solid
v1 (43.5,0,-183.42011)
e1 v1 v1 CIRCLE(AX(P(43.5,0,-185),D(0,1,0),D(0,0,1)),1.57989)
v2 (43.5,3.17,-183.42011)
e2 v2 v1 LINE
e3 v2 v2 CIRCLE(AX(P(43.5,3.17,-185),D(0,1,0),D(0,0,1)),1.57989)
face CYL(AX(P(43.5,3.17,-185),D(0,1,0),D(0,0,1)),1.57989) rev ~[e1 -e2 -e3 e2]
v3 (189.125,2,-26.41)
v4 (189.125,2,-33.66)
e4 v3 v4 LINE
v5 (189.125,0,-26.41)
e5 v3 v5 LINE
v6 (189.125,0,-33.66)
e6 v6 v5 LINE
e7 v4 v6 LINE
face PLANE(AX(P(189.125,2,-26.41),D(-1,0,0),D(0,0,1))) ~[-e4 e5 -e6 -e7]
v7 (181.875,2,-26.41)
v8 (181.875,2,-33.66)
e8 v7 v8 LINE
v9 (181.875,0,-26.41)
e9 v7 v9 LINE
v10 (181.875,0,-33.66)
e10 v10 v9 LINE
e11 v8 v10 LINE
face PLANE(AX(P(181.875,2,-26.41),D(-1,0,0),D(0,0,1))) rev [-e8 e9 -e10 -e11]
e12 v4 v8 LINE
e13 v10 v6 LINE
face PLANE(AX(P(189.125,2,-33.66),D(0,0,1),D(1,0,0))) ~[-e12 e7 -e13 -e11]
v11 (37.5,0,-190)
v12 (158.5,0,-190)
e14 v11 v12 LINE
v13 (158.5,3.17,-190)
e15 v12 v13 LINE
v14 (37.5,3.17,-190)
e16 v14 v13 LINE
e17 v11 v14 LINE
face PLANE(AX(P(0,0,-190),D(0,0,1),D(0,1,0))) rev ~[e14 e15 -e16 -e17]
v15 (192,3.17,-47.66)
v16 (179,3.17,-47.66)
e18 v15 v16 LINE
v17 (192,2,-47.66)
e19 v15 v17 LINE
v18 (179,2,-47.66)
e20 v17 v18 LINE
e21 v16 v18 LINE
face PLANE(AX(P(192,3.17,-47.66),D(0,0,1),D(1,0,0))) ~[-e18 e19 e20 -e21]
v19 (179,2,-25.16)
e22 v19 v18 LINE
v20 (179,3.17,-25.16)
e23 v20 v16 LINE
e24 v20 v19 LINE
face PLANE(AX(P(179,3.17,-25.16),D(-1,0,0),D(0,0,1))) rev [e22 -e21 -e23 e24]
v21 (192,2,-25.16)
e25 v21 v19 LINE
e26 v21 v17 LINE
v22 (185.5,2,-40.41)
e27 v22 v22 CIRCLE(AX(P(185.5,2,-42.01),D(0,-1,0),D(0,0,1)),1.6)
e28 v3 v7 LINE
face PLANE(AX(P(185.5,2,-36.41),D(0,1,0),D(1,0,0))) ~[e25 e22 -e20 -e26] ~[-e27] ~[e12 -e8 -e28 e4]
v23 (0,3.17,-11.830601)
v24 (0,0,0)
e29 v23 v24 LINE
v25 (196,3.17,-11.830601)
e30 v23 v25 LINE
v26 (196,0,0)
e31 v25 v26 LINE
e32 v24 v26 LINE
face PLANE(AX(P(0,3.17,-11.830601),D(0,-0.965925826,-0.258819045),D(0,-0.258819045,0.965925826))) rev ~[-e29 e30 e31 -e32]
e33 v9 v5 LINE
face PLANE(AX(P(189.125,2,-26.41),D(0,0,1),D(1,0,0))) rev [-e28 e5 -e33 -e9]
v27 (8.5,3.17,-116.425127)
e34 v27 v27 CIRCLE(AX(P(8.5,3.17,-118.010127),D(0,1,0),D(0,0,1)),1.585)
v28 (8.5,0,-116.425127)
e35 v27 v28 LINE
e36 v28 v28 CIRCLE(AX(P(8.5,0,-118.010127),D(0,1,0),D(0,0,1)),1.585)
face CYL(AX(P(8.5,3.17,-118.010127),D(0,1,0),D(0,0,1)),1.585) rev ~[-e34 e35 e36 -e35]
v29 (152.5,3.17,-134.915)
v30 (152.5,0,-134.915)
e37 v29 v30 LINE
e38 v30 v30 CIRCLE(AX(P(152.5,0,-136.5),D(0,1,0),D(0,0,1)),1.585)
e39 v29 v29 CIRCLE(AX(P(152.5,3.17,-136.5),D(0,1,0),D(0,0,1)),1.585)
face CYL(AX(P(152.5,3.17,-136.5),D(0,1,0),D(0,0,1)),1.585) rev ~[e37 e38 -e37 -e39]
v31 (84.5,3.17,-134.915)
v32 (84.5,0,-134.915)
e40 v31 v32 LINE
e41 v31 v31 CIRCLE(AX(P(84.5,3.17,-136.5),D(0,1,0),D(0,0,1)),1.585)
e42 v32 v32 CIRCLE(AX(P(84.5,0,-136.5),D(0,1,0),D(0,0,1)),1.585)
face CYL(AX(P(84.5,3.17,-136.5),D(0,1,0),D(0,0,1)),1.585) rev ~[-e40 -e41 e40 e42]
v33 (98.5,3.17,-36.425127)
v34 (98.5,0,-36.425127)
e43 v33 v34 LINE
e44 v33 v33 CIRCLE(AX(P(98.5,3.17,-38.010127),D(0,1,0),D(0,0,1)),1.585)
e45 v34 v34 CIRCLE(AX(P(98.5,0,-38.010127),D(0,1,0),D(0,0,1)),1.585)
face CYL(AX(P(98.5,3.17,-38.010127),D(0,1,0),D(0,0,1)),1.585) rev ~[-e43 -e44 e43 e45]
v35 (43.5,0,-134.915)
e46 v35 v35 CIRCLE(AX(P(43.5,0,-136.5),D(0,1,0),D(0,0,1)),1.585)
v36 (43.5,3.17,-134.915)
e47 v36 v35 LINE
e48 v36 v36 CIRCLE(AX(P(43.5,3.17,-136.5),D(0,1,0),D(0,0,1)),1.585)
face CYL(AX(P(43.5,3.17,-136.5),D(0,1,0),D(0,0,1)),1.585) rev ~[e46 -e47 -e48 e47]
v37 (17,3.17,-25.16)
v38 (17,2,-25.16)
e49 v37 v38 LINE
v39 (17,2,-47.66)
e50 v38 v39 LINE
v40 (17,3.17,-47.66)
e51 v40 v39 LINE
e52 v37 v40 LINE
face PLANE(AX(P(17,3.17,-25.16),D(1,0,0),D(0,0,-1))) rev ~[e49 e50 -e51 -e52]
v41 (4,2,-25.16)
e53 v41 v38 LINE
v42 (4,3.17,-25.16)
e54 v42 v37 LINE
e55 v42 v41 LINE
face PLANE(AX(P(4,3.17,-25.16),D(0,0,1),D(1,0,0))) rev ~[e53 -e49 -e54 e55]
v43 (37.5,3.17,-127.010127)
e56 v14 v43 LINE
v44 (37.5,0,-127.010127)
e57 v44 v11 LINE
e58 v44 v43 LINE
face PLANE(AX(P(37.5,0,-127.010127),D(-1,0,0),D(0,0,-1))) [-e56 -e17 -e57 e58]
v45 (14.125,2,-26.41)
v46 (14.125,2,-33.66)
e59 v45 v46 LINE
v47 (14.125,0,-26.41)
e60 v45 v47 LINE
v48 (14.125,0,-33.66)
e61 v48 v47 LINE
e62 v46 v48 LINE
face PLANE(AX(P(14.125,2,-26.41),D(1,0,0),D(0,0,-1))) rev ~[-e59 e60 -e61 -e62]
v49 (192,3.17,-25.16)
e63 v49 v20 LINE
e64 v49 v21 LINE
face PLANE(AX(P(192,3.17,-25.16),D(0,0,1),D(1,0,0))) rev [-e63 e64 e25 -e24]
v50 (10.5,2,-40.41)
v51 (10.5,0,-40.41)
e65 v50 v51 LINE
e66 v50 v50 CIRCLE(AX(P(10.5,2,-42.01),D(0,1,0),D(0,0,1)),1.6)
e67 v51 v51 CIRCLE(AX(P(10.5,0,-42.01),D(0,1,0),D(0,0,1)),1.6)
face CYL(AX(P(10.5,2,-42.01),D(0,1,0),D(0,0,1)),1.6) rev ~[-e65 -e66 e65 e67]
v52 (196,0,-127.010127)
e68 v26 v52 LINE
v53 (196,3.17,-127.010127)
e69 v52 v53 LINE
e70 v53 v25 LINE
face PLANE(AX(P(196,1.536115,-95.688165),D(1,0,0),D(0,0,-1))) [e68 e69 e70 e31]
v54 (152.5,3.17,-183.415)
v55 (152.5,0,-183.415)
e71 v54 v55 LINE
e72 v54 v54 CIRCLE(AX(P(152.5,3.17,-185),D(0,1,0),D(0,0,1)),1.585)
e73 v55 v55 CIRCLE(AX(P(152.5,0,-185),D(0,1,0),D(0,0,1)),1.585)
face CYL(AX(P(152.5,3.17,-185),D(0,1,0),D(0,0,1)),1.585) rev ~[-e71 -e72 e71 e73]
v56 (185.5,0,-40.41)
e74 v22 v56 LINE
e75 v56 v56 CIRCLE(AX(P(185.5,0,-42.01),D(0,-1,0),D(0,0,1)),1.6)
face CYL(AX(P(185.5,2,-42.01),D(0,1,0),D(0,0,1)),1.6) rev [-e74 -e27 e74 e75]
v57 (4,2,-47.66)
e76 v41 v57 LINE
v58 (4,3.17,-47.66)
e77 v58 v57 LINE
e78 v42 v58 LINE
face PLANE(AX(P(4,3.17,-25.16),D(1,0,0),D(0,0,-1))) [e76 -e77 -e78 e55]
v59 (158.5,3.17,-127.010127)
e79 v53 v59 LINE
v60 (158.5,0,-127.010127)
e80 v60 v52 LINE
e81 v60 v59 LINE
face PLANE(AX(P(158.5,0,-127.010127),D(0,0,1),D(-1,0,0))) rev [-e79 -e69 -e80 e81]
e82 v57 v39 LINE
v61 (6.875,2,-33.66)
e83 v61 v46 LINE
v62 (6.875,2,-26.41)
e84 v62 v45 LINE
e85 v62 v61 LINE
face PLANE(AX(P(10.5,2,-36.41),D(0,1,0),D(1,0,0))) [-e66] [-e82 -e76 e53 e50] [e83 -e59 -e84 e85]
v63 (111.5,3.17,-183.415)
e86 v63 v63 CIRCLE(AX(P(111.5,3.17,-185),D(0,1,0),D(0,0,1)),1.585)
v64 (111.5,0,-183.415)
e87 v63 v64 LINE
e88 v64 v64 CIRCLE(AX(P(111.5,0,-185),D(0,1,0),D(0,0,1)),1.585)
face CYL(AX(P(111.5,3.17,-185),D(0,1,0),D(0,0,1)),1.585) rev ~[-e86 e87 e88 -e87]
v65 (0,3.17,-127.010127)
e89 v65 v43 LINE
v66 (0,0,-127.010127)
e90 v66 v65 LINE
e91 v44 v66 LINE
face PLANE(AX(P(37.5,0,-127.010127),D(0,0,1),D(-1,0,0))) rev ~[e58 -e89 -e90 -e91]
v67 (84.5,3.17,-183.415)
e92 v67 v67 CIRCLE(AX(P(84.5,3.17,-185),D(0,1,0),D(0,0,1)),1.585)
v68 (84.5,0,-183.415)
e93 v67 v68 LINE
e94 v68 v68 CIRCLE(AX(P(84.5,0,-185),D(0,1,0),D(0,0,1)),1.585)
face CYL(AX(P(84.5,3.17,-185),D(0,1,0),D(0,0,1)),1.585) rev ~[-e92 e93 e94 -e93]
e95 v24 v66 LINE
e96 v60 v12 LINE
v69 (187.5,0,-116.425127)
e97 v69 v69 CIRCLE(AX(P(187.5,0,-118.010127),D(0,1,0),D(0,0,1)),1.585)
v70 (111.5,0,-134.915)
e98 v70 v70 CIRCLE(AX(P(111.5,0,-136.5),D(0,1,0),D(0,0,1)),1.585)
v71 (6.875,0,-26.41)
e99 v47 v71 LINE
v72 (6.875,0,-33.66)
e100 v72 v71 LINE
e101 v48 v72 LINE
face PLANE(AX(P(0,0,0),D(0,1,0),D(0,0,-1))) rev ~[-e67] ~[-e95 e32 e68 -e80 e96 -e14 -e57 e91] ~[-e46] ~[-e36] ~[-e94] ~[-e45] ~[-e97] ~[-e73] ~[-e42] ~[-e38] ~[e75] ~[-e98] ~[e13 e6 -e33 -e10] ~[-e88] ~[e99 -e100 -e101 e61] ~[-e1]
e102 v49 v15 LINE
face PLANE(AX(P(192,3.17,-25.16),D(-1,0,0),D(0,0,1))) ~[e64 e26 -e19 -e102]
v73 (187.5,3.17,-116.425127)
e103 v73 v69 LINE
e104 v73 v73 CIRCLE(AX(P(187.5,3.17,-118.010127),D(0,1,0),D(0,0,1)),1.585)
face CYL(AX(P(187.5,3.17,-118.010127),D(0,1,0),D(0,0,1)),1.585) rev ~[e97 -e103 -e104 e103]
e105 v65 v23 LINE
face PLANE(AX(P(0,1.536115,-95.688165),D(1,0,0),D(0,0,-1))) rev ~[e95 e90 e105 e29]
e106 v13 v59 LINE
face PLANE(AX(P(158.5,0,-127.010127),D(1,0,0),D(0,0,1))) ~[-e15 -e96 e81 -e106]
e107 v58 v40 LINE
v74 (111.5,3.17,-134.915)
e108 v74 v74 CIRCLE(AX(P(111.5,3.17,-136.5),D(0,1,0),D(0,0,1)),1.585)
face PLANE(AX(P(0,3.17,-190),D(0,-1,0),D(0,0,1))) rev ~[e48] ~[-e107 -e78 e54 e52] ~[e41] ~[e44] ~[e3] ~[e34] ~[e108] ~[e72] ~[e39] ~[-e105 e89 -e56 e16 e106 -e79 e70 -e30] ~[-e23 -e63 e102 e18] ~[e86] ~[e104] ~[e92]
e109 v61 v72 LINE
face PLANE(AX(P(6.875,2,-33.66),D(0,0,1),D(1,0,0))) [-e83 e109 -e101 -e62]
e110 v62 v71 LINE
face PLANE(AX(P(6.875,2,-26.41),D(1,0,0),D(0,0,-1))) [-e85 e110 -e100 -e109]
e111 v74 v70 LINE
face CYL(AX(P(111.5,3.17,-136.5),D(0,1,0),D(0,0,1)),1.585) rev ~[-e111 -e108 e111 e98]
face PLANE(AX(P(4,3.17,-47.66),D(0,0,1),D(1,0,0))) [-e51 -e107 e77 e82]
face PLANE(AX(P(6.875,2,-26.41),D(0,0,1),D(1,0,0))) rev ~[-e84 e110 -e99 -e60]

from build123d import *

# Parameters (mm, degrees)
SALIENTE_EXTRUIR1_DEPTH = 196
CORTAR_EXTRUIR1_REACH   = 274.995
CROQUIS2_W              = 37.5
CROQUIS2_H              = 62.989872981
CROQUIS3_W              = 13
CROQUIS3_H              = 22.5
CORTAR_EXTRUIR2_DEPTH   = 1.17
CORTAR_EXTRUIR3_REACH   = 274.984
CROQUIS5_W              = 7.25
CROQUIS5_H              = 7.25
CORTAR_EXTRUIR4_REACH   = 274.984
CROQUIS6_R              = 1.6
CUT_EXTRUDE1_REACH      = 274.995
SKETCH1_R               = 1.585
CUT_EXTRUDE2_REACH      = 274.995
SKETCH2_R               = 1.585
CUT_EXTRUDE3_REACH      = 274.995
SKETCH3_R               = 1.579889923
SKETCH3_R_2             = 1.585


with BuildPart() as part:
    # Croquis1 → Saliente-Extruir1 (new body)
    with BuildSketch(Plane(origin=(0, 0, 0), x_dir=(0, 0, -1), z_dir=(1, 0, 0))):
        Polygon((0, 0), (190, 0), (190, 3.17), (11.83060106, 3.17), align=None)
    extrude(amount=SALIENTE_EXTRUIR1_DEPTH)

    # Croquis2 → Cortar-Extruir1 (cut, up to next)
    with BuildSketch(Plane(origin=(0, 0, 0), x_dir=(-1, 0, 0), z_dir=(0, -1, 0)), mode=Mode.PRIVATE) as cortar_extruir1_sk1:
        with Locations((-18.75, 158.50506351)):
            Rectangle(CROQUIS2_W, CROQUIS2_H)
    cortar_extruir1_tool1 = extrude(cortar_extruir1_sk1.sketch, amount=-CORTAR_EXTRUIR1_REACH, mode=Mode.PRIVATE) & part.part
    cortar_extruir1 = cortar_extruir1_tool1.solids().sort_by_distance((18.75, 0, -158.505064))[0]
    add(cortar_extruir1, mode=Mode.SUBTRACT)

    # Simetría1: Cortar-Extruir1 across plane
    add(cortar_extruir1.mirror(Plane.ZY.offset(-98)), mode=Mode.SUBTRACT)

    # Croquis3 → Cortar-Extruir2 (cut)
    with BuildSketch(Plane(origin=(0, 3.17, 0), x_dir=(1, 0, 0), z_dir=(0, 1, 0))):
        with Locations((10.5, 36.41)):
            Rectangle(CROQUIS3_W, CROQUIS3_H)
    cortar_extruir2 = extrude(amount=-CORTAR_EXTRUIR2_DEPTH, mode=Mode.SUBTRACT)

    # Croquis5 → Cortar-Extruir3 (cut, up to next)
    with BuildSketch(Plane(origin=(0, 2, 0), x_dir=(1, 0, 0), z_dir=(0, 1, 0)), mode=Mode.PRIVATE) as cortar_extruir3_sk1:
        with Locations((10.5, 30.035)):
            Rectangle(CROQUIS5_W, CROQUIS5_H)
    cortar_extruir3_tool1 = extrude(cortar_extruir3_sk1.sketch, amount=-CORTAR_EXTRUIR3_REACH, mode=Mode.PRIVATE) & part.part
    cortar_extruir3 = cortar_extruir3_tool1.solids().sort_by_distance((10.5, 2, -30.035))[0]
    add(cortar_extruir3, mode=Mode.SUBTRACT)

    # Croquis6 → Cortar-Extruir4 (cut, up to next)
    with BuildSketch(Plane(origin=(0, 2, 0), x_dir=(1, 0, 0), z_dir=(0, 1, 0)), mode=Mode.PRIVATE) as cortar_extruir4_sk1:
        with Locations(Location((10.5, 42.01, 0), (0, 0, 270))):
            Circle(CROQUIS6_R)
    cortar_extruir4_tool1 = extrude(cortar_extruir4_sk1.sketch, amount=-CORTAR_EXTRUIR4_REACH, mode=Mode.PRIVATE) & part.part
    cortar_extruir4 = cortar_extruir4_tool1.solids().sort_by_distance((10.5, 2, -42.01))[0]
    add(cortar_extruir4, mode=Mode.SUBTRACT)

    # Simetría2: Cortar-Extruir2, Cortar-Extruir3, Cortar-Extruir4 across plane
    add(cortar_extruir2.mirror(Plane.ZY.offset(-98)), mode=Mode.SUBTRACT)
    add(cortar_extruir3.mirror(Plane.ZY.offset(-98)), mode=Mode.SUBTRACT)
    add(cortar_extruir4.mirror(Plane.ZY.offset(-98)), mode=Mode.SUBTRACT)

    # Sketch1 → Cut-Extrude1 (cut, up to next)
    with BuildSketch(Plane(origin=(0, 3.17, 0), x_dir=(1, 0, 0), z_dir=(0, 1, 0)), mode=Mode.PRIVATE) as cut_extrude1_sk1:
        with Locations(Location((8.5, 118.010127019, 0), (0, 0, 270))):
            Circle(SKETCH1_R)
    cut_extrude1_tool1 = extrude(cut_extrude1_sk1.sketch, amount=-CUT_EXTRUDE1_REACH, mode=Mode.PRIVATE) & part.part
    # Sketch1 → Cut-Extrude1 (cut, up to next)
    with BuildSketch(Plane(origin=(0, 3.17, 0), x_dir=(1, 0, 0), z_dir=(0, 1, 0)), mode=Mode.PRIVATE) as cut_extrude1_sk2:
        with Locations(Location((187.5, 118.010127019, 0), (0, 0, 270))):
            Circle(SKETCH1_R)
    cut_extrude1_tool2 = extrude(cut_extrude1_sk2.sketch, amount=-CUT_EXTRUDE1_REACH, mode=Mode.PRIVATE) & part.part
    add(cut_extrude1_tool1.solids().sort_by_distance((8.5, 3.17, -118.010127))[0], mode=Mode.SUBTRACT)
    add(cut_extrude1_tool2.solids().sort_by_distance((187.5, 3.17, -118.010127))[0], mode=Mode.SUBTRACT)

    # Sketch2 → Cut-Extrude2 (cut, up to next)
    with BuildSketch(Plane(origin=(0, 3.17, 0), x_dir=(1, 0, 0), z_dir=(0, 1, 0)), mode=Mode.PRIVATE) as cut_extrude2_sk1:
        with Locations(Location((98.5, 38.010127019, 0), (0, 0, 270))):
            Circle(SKETCH2_R)
    cut_extrude2_tool1 = extrude(cut_extrude2_sk1.sketch, amount=-CUT_EXTRUDE2_REACH, mode=Mode.PRIVATE) & part.part
    add(cut_extrude2_tool1.solids().sort_by_distance((98.5, 3.17, -38.010127))[0], mode=Mode.SUBTRACT)

    # Sketch3 → Cut-Extrude3 (cut, up to next)
    with BuildSketch(Plane(origin=(0, 3.17, 0), x_dir=(1, 0, 0), z_dir=(0, 1, 0)), mode=Mode.PRIVATE) as cut_extrude3_sk1:
        with Locations(Location((43.5, 185, 0), (0, 0, 270))):
            Circle(SKETCH3_R)
    cut_extrude3_tool1 = extrude(cut_extrude3_sk1.sketch, amount=-CUT_EXTRUDE3_REACH, mode=Mode.PRIVATE) & part.part
    # Sketch3 → Cut-Extrude3 (cut, up to next)
    with BuildSketch(Plane(origin=(0, 3.17, 0), x_dir=(1, 0, 0), z_dir=(0, 1, 0)), mode=Mode.PRIVATE) as cut_extrude3_sk2:
        with Locations(Location((84.5, 185, 0), (0, 0, 270))):
            Circle(SKETCH3_R_2)
    cut_extrude3_tool2 = extrude(cut_extrude3_sk2.sketch, amount=-CUT_EXTRUDE3_REACH, mode=Mode.PRIVATE) & part.part
    # Sketch3 → Cut-Extrude3 (cut, up to next)
    with BuildSketch(Plane(origin=(0, 3.17, 0), x_dir=(1, 0, 0), z_dir=(0, 1, 0)), mode=Mode.PRIVATE) as cut_extrude3_sk3:
        with Locations(Location((152.5, 185, 0), (0, 0, 270))):
            Circle(SKETCH3_R_2)
    cut_extrude3_tool3 = extrude(cut_extrude3_sk3.sketch, amount=-CUT_EXTRUDE3_REACH, mode=Mode.PRIVATE) & part.part
    # Sketch3 → Cut-Extrude3 (cut, up to next)
    with BuildSketch(Plane(origin=(0, 3.17, 0), x_dir=(1, 0, 0), z_dir=(0, 1, 0)), mode=Mode.PRIVATE) as cut_extrude3_sk4:
        with Locations(Location((111.5, 185, 0), (0, 0, 270))):
            Circle(SKETCH3_R_2)
    cut_extrude3_tool4 = extrude(cut_extrude3_sk4.sketch, amount=-CUT_EXTRUDE3_REACH, mode=Mode.PRIVATE) & part.part
    # Sketch3 → Cut-Extrude3 (cut, up to next)
    with BuildSketch(Plane(origin=(0, 3.17, 0), x_dir=(1, 0, 0), z_dir=(0, 1, 0)), mode=Mode.PRIVATE) as cut_extrude3_sk5:
        with Locations(Location((111.5, 136.5, 0), (0, 0, 270))):
            Circle(SKETCH3_R_2)
    cut_extrude3_tool5 = extrude(cut_extrude3_sk5.sketch, amount=-CUT_EXTRUDE3_REACH, mode=Mode.PRIVATE) & part.part
    # Sketch3 → Cut-Extrude3 (cut, up to next)
    with BuildSketch(Plane(origin=(0, 3.17, 0), x_dir=(1, 0, 0), z_dir=(0, 1, 0)), mode=Mode.PRIVATE) as cut_extrude3_sk6:
        with Locations(Location((152.5, 136.5, 0), (0, 0, 270))):
            Circle(SKETCH3_R_2)
    cut_extrude3_tool6 = extrude(cut_extrude3_sk6.sketch, amount=-CUT_EXTRUDE3_REACH, mode=Mode.PRIVATE) & part.part
    # Sketch3 → Cut-Extrude3 (cut, up to next)
    with BuildSketch(Plane(origin=(0, 3.17, 0), x_dir=(1, 0, 0), z_dir=(0, 1, 0)), mode=Mode.PRIVATE) as cut_extrude3_sk7:
        with Locations(Location((84.5, 136.5, 0), (0, 0, 270))):
            Circle(SKETCH3_R_2)
    cut_extrude3_tool7 = extrude(cut_extrude3_sk7.sketch, amount=-CUT_EXTRUDE3_REACH, mode=Mode.PRIVATE) & part.part
    # Sketch3 → Cut-Extrude3 (cut, up to next)
    with BuildSketch(Plane(origin=(0, 3.17, 0), x_dir=(1, 0, 0), z_dir=(0, 1, 0)), mode=Mode.PRIVATE) as cut_extrude3_sk8:
        with Locations(Location((43.5, 136.5, 0), (0, 0, 270))):
            Circle(SKETCH3_R_2)
    cut_extrude3_tool8 = extrude(cut_extrude3_sk8.sketch, amount=-CUT_EXTRUDE3_REACH, mode=Mode.PRIVATE) & part.part
    add(cut_extrude3_tool1.solids().sort_by_distance((43.5, 3.17, -185))[0], mode=Mode.SUBTRACT)
    add(cut_extrude3_tool2.solids().sort_by_distance((84.5, 3.17, -185))[0], mode=Mode.SUBTRACT)
    add(cut_extrude3_tool3.solids().sort_by_distance((152.5, 3.17, -185))[0], mode=Mode.SUBTRACT)
    add(cut_extrude3_tool4.solids().sort_by_distance((111.5, 3.17, -185))[0], mode=Mode.SUBTRACT)
    add(cut_extrude3_tool5.solids().sort_by_distance((111.5, 3.17, -136.5))[0], mode=Mode.SUBTRACT)
    add(cut_extrude3_tool6.solids().sort_by_distance((152.5, 3.17, -136.5))[0], mode=Mode.SUBTRACT)
    add(cut_extrude3_tool7.solids().sort_by_distance((84.5, 3.17, -136.5))[0], mode=Mode.SUBTRACT)
    add(cut_extrude3_tool8.solids().sort_by_distance((43.5, 3.17, -136.5))[0], mode=Mode.SUBTRACT)


solid = part.part
